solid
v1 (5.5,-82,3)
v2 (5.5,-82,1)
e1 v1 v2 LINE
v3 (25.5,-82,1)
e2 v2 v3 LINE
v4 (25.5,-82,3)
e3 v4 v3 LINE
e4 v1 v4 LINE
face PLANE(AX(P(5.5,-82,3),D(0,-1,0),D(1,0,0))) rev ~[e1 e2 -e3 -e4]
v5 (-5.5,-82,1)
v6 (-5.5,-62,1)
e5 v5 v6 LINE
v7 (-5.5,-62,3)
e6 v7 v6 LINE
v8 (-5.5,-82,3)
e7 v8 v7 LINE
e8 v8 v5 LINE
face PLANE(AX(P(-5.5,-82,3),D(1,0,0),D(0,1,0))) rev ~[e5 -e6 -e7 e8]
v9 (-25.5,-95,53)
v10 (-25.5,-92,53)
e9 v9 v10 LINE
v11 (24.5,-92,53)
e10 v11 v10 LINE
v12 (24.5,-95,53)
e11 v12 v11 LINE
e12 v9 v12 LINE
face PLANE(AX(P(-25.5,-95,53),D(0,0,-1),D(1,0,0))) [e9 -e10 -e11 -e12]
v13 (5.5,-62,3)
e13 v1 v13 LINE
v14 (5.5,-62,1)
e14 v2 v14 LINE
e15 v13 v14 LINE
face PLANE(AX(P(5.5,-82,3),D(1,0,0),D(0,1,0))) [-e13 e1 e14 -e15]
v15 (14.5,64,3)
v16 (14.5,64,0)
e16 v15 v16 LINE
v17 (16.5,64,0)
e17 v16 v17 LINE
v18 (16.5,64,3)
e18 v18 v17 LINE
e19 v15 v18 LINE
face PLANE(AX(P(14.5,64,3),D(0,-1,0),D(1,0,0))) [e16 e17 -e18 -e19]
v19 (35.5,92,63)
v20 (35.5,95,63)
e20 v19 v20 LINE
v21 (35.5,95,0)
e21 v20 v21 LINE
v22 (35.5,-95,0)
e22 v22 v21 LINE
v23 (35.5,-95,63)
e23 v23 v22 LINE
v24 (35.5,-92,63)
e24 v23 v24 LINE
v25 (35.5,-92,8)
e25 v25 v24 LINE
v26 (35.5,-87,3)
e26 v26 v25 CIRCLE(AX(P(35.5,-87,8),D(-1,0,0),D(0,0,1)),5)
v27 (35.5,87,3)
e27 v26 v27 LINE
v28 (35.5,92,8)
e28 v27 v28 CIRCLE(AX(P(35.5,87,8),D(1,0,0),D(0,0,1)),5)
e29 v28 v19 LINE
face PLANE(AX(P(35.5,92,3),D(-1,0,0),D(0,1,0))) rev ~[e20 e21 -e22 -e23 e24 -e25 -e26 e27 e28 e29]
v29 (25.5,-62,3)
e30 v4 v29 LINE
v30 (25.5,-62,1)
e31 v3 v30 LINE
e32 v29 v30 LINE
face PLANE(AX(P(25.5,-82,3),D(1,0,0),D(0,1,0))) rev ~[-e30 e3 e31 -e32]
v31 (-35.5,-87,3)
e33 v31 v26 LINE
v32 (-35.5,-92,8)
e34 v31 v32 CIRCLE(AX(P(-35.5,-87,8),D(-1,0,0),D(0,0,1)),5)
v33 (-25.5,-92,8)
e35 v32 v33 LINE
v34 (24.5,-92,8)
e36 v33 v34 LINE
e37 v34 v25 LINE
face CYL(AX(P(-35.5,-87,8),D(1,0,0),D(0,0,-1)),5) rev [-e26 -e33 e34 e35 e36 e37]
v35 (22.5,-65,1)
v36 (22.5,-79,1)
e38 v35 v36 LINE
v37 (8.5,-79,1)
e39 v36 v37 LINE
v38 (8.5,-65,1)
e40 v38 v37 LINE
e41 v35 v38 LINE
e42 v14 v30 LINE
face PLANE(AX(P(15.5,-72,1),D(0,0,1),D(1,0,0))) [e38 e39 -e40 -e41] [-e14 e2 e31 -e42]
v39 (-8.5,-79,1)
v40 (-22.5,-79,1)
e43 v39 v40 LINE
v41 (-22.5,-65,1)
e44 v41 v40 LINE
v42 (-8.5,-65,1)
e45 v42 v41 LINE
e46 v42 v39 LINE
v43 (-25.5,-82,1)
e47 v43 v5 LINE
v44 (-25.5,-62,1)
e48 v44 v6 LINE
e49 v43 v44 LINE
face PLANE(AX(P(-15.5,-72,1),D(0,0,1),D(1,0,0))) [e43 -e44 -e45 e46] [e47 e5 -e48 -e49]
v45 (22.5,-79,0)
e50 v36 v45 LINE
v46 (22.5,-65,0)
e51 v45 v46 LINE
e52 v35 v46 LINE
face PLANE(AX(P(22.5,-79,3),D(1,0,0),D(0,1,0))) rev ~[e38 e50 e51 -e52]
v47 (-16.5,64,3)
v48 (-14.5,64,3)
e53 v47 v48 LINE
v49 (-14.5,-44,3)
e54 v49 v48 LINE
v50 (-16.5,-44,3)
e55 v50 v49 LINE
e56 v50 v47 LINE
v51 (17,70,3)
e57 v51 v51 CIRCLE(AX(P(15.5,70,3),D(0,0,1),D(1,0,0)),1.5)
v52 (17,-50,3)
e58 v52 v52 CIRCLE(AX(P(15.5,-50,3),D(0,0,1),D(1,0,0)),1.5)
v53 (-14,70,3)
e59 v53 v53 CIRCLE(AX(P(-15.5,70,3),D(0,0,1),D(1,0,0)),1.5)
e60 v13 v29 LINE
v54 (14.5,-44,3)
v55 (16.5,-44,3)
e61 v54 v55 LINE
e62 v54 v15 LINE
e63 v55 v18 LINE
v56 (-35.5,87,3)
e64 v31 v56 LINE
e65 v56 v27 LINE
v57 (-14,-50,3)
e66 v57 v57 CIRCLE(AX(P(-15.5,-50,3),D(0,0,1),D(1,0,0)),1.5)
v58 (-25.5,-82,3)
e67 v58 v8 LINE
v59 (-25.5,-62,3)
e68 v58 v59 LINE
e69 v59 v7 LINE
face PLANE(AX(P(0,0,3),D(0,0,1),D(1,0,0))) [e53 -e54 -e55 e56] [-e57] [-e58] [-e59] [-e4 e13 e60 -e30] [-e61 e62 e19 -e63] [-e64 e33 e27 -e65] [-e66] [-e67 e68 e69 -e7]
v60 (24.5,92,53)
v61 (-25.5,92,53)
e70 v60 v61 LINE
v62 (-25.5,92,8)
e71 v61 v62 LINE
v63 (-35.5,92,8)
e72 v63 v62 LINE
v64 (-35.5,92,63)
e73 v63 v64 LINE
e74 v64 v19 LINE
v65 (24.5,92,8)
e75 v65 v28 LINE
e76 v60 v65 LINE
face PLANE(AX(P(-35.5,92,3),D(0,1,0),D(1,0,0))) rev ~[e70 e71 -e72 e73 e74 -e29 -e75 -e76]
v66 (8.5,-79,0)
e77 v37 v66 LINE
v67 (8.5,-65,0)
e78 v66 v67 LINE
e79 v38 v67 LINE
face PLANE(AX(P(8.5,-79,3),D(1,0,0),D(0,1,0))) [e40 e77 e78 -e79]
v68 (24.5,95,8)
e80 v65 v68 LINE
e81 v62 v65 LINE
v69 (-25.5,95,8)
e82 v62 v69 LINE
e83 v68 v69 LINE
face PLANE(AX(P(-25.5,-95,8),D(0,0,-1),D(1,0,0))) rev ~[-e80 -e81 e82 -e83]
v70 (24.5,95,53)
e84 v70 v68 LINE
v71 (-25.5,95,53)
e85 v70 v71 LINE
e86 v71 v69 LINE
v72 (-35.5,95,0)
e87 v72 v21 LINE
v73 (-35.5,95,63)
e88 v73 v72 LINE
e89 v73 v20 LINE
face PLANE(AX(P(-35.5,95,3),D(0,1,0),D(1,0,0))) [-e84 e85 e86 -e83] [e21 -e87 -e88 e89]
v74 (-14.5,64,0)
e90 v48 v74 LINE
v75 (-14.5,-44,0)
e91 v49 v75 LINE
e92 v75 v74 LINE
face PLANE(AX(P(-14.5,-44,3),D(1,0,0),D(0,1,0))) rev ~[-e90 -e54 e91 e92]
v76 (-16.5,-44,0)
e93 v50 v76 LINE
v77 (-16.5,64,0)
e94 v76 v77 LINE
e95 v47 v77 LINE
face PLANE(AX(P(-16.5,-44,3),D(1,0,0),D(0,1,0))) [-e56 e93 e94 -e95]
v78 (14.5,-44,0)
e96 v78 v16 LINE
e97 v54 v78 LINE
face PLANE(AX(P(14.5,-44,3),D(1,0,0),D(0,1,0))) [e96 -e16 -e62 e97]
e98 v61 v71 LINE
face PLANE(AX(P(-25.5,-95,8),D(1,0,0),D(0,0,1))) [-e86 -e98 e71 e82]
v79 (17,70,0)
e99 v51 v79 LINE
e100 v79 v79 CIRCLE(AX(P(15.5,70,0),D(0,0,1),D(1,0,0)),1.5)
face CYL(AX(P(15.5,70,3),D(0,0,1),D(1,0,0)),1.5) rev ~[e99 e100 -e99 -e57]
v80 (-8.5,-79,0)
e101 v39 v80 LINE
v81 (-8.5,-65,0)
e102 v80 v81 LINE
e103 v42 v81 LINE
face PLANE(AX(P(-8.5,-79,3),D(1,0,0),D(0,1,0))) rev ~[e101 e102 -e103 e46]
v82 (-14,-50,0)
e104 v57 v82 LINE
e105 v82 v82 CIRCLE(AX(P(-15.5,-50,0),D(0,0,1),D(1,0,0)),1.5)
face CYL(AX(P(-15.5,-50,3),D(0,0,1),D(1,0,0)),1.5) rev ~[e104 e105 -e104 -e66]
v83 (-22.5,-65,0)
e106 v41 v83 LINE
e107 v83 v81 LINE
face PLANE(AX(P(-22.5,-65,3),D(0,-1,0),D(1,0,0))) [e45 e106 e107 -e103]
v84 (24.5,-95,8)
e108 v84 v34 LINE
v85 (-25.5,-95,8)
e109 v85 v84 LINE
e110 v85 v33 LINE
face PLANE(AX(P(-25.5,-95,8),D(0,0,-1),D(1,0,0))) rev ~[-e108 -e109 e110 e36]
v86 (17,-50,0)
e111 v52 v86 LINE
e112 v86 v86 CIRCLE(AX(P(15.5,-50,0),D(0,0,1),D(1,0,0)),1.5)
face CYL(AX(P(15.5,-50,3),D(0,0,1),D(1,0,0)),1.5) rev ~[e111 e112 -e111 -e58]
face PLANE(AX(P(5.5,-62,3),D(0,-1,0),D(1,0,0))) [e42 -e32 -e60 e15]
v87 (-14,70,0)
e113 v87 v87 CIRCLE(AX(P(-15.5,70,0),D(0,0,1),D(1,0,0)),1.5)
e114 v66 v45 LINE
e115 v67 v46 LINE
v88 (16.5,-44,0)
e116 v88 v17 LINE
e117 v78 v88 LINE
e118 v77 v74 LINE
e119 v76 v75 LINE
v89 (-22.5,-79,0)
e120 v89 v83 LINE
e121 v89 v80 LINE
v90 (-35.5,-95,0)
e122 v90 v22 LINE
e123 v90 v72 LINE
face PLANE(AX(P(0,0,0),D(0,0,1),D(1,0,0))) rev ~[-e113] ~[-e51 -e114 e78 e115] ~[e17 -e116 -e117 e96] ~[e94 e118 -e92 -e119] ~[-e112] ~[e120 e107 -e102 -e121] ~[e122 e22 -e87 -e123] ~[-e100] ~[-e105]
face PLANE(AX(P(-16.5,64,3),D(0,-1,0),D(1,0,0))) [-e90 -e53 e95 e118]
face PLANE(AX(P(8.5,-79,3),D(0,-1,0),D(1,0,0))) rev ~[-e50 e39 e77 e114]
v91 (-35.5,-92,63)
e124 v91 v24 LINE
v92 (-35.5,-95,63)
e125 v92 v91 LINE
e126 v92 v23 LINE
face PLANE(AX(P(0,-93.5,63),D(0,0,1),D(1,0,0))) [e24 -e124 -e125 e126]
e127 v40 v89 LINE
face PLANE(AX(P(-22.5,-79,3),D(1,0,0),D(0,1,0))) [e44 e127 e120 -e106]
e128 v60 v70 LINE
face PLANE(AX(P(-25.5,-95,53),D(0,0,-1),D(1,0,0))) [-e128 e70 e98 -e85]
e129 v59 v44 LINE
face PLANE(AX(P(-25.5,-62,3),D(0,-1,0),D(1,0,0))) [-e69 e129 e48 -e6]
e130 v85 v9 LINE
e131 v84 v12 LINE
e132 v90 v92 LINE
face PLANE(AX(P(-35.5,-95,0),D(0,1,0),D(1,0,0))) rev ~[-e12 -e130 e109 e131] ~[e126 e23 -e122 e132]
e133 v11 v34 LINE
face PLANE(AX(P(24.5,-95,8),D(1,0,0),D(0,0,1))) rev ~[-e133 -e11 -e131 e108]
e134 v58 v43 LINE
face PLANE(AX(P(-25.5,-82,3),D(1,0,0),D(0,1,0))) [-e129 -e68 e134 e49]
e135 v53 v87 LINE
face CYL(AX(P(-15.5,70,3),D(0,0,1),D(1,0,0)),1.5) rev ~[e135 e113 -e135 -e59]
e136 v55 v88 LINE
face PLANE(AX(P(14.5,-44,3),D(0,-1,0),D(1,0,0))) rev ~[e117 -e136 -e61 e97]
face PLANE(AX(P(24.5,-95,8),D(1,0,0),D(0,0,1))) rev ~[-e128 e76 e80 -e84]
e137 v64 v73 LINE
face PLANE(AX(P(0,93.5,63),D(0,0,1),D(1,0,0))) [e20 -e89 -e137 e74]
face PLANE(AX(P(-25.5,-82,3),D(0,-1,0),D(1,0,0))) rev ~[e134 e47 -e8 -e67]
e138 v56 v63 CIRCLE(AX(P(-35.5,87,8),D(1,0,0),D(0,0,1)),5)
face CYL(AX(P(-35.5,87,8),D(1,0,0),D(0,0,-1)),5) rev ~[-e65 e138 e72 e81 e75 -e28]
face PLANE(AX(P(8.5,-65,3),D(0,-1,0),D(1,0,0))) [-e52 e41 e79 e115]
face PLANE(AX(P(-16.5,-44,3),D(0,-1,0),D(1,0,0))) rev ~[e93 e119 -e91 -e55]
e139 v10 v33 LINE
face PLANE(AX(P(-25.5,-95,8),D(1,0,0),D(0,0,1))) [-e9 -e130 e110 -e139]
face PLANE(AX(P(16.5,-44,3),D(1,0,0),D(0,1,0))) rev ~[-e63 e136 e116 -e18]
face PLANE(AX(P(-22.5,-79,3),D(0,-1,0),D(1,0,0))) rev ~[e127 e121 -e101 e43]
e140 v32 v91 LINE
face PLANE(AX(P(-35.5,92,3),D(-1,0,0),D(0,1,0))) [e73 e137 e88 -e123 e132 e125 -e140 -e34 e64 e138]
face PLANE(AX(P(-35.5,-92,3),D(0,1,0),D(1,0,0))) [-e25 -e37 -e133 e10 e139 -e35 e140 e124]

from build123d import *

# Parameters (mm, degrees)
SKETCH_W        = 71
SKETCH_H        = 190
PAD_DEPTH       = 3
SKETCH001_R     = 1.5
SKETCH001_W     = 14
SKETCH001_H     = 14
SKETCH001_W_2   = 2
SKETCH001_H_2   = 108
POCKET_DEPTH    = 3
SKETCH002_W     = 71
SKETCH002_H     = 3
PAD001_DEPTH    = 60
FILLET_R        = 5
SKETCH003_W     = 20
SKETCH003_H     = 20
POCKET001_DEPTH = 2
SKETCH004_W     = 50
SKETCH004_H     = 45
POCKET002_DEPTH = 200


with BuildPart() as part:
    # Sketch → Pad (new body)
    with BuildSketch(Plane.XY):
        Rectangle(SKETCH_W, SKETCH_H)
    extrude(amount=PAD_DEPTH)

    # Sketch001 (on Face6 of Pad) → Pocket (cut)
    with BuildSketch(Plane.XY.offset(3)):
        with Locations((-15.5, 70)):
            Circle(SKETCH001_R)
        with Locations((-15.5, -50)):
            Circle(SKETCH001_R)
        with Locations((15.5, 70)):
            Circle(SKETCH001_R)
        with Locations((15.5, -50)):
            Circle(SKETCH001_R)
        with Locations((-15.5, -72)):
            Rectangle(SKETCH001_W, SKETCH001_H)
        with Locations((-15.5, 10)):
            Rectangle(SKETCH001_W_2, SKETCH001_H_2)
        with Locations((15.5, -72)):
            Rectangle(SKETCH001_W, SKETCH001_H)
        with Locations((15.5, 10)):
            Rectangle(SKETCH001_W_2, SKETCH001_H_2)
    extrude(amount=-POCKET_DEPTH, mode=Mode.SUBTRACT)

    # Sketch002 (on Face5 of Pocket) → Pad001 (join)
    with BuildSketch(Plane.XY.offset(3)):
        with Locations((0, 93.5)):
            Rectangle(SKETCH002_W, SKETCH002_H)
        with Locations((0, -93.5)):
            Rectangle(SKETCH002_W, SKETCH002_H)
    extrude(amount=PAD001_DEPTH)

    # Fillet
    fillet_edges = [part.edges().sort_by_distance(p)[0] for p in [
        (0, 92, 3),
        (0, -92, 3),
    ]]
    fillet(fillet_edges, radius=FILLET_R)

    # Sketch003 (on Face2 of Fillet) → Pocket001 (cut)
    with BuildSketch(Plane.XY.offset(3)):
        with Locations((-15.5, -72)):
            Rectangle(SKETCH003_W, SKETCH003_H)
        with Locations((15.5, -72)):
            Rectangle(SKETCH003_W, SKETCH003_H)
    extrude(amount=-POCKET001_DEPTH, mode=Mode.SUBTRACT)

    # Sketch004 (on Face33 of Pocket001) → Pocket002 (cut)
    with BuildSketch(Plane.XZ.offset(95)):
        with Locations((-0.5, 30.5)):
            Rectangle(SKETCH004_W, SKETCH004_H)
    extrude(amount=-POCKET002_DEPTH, mode=Mode.SUBTRACT)


solid = part.part
